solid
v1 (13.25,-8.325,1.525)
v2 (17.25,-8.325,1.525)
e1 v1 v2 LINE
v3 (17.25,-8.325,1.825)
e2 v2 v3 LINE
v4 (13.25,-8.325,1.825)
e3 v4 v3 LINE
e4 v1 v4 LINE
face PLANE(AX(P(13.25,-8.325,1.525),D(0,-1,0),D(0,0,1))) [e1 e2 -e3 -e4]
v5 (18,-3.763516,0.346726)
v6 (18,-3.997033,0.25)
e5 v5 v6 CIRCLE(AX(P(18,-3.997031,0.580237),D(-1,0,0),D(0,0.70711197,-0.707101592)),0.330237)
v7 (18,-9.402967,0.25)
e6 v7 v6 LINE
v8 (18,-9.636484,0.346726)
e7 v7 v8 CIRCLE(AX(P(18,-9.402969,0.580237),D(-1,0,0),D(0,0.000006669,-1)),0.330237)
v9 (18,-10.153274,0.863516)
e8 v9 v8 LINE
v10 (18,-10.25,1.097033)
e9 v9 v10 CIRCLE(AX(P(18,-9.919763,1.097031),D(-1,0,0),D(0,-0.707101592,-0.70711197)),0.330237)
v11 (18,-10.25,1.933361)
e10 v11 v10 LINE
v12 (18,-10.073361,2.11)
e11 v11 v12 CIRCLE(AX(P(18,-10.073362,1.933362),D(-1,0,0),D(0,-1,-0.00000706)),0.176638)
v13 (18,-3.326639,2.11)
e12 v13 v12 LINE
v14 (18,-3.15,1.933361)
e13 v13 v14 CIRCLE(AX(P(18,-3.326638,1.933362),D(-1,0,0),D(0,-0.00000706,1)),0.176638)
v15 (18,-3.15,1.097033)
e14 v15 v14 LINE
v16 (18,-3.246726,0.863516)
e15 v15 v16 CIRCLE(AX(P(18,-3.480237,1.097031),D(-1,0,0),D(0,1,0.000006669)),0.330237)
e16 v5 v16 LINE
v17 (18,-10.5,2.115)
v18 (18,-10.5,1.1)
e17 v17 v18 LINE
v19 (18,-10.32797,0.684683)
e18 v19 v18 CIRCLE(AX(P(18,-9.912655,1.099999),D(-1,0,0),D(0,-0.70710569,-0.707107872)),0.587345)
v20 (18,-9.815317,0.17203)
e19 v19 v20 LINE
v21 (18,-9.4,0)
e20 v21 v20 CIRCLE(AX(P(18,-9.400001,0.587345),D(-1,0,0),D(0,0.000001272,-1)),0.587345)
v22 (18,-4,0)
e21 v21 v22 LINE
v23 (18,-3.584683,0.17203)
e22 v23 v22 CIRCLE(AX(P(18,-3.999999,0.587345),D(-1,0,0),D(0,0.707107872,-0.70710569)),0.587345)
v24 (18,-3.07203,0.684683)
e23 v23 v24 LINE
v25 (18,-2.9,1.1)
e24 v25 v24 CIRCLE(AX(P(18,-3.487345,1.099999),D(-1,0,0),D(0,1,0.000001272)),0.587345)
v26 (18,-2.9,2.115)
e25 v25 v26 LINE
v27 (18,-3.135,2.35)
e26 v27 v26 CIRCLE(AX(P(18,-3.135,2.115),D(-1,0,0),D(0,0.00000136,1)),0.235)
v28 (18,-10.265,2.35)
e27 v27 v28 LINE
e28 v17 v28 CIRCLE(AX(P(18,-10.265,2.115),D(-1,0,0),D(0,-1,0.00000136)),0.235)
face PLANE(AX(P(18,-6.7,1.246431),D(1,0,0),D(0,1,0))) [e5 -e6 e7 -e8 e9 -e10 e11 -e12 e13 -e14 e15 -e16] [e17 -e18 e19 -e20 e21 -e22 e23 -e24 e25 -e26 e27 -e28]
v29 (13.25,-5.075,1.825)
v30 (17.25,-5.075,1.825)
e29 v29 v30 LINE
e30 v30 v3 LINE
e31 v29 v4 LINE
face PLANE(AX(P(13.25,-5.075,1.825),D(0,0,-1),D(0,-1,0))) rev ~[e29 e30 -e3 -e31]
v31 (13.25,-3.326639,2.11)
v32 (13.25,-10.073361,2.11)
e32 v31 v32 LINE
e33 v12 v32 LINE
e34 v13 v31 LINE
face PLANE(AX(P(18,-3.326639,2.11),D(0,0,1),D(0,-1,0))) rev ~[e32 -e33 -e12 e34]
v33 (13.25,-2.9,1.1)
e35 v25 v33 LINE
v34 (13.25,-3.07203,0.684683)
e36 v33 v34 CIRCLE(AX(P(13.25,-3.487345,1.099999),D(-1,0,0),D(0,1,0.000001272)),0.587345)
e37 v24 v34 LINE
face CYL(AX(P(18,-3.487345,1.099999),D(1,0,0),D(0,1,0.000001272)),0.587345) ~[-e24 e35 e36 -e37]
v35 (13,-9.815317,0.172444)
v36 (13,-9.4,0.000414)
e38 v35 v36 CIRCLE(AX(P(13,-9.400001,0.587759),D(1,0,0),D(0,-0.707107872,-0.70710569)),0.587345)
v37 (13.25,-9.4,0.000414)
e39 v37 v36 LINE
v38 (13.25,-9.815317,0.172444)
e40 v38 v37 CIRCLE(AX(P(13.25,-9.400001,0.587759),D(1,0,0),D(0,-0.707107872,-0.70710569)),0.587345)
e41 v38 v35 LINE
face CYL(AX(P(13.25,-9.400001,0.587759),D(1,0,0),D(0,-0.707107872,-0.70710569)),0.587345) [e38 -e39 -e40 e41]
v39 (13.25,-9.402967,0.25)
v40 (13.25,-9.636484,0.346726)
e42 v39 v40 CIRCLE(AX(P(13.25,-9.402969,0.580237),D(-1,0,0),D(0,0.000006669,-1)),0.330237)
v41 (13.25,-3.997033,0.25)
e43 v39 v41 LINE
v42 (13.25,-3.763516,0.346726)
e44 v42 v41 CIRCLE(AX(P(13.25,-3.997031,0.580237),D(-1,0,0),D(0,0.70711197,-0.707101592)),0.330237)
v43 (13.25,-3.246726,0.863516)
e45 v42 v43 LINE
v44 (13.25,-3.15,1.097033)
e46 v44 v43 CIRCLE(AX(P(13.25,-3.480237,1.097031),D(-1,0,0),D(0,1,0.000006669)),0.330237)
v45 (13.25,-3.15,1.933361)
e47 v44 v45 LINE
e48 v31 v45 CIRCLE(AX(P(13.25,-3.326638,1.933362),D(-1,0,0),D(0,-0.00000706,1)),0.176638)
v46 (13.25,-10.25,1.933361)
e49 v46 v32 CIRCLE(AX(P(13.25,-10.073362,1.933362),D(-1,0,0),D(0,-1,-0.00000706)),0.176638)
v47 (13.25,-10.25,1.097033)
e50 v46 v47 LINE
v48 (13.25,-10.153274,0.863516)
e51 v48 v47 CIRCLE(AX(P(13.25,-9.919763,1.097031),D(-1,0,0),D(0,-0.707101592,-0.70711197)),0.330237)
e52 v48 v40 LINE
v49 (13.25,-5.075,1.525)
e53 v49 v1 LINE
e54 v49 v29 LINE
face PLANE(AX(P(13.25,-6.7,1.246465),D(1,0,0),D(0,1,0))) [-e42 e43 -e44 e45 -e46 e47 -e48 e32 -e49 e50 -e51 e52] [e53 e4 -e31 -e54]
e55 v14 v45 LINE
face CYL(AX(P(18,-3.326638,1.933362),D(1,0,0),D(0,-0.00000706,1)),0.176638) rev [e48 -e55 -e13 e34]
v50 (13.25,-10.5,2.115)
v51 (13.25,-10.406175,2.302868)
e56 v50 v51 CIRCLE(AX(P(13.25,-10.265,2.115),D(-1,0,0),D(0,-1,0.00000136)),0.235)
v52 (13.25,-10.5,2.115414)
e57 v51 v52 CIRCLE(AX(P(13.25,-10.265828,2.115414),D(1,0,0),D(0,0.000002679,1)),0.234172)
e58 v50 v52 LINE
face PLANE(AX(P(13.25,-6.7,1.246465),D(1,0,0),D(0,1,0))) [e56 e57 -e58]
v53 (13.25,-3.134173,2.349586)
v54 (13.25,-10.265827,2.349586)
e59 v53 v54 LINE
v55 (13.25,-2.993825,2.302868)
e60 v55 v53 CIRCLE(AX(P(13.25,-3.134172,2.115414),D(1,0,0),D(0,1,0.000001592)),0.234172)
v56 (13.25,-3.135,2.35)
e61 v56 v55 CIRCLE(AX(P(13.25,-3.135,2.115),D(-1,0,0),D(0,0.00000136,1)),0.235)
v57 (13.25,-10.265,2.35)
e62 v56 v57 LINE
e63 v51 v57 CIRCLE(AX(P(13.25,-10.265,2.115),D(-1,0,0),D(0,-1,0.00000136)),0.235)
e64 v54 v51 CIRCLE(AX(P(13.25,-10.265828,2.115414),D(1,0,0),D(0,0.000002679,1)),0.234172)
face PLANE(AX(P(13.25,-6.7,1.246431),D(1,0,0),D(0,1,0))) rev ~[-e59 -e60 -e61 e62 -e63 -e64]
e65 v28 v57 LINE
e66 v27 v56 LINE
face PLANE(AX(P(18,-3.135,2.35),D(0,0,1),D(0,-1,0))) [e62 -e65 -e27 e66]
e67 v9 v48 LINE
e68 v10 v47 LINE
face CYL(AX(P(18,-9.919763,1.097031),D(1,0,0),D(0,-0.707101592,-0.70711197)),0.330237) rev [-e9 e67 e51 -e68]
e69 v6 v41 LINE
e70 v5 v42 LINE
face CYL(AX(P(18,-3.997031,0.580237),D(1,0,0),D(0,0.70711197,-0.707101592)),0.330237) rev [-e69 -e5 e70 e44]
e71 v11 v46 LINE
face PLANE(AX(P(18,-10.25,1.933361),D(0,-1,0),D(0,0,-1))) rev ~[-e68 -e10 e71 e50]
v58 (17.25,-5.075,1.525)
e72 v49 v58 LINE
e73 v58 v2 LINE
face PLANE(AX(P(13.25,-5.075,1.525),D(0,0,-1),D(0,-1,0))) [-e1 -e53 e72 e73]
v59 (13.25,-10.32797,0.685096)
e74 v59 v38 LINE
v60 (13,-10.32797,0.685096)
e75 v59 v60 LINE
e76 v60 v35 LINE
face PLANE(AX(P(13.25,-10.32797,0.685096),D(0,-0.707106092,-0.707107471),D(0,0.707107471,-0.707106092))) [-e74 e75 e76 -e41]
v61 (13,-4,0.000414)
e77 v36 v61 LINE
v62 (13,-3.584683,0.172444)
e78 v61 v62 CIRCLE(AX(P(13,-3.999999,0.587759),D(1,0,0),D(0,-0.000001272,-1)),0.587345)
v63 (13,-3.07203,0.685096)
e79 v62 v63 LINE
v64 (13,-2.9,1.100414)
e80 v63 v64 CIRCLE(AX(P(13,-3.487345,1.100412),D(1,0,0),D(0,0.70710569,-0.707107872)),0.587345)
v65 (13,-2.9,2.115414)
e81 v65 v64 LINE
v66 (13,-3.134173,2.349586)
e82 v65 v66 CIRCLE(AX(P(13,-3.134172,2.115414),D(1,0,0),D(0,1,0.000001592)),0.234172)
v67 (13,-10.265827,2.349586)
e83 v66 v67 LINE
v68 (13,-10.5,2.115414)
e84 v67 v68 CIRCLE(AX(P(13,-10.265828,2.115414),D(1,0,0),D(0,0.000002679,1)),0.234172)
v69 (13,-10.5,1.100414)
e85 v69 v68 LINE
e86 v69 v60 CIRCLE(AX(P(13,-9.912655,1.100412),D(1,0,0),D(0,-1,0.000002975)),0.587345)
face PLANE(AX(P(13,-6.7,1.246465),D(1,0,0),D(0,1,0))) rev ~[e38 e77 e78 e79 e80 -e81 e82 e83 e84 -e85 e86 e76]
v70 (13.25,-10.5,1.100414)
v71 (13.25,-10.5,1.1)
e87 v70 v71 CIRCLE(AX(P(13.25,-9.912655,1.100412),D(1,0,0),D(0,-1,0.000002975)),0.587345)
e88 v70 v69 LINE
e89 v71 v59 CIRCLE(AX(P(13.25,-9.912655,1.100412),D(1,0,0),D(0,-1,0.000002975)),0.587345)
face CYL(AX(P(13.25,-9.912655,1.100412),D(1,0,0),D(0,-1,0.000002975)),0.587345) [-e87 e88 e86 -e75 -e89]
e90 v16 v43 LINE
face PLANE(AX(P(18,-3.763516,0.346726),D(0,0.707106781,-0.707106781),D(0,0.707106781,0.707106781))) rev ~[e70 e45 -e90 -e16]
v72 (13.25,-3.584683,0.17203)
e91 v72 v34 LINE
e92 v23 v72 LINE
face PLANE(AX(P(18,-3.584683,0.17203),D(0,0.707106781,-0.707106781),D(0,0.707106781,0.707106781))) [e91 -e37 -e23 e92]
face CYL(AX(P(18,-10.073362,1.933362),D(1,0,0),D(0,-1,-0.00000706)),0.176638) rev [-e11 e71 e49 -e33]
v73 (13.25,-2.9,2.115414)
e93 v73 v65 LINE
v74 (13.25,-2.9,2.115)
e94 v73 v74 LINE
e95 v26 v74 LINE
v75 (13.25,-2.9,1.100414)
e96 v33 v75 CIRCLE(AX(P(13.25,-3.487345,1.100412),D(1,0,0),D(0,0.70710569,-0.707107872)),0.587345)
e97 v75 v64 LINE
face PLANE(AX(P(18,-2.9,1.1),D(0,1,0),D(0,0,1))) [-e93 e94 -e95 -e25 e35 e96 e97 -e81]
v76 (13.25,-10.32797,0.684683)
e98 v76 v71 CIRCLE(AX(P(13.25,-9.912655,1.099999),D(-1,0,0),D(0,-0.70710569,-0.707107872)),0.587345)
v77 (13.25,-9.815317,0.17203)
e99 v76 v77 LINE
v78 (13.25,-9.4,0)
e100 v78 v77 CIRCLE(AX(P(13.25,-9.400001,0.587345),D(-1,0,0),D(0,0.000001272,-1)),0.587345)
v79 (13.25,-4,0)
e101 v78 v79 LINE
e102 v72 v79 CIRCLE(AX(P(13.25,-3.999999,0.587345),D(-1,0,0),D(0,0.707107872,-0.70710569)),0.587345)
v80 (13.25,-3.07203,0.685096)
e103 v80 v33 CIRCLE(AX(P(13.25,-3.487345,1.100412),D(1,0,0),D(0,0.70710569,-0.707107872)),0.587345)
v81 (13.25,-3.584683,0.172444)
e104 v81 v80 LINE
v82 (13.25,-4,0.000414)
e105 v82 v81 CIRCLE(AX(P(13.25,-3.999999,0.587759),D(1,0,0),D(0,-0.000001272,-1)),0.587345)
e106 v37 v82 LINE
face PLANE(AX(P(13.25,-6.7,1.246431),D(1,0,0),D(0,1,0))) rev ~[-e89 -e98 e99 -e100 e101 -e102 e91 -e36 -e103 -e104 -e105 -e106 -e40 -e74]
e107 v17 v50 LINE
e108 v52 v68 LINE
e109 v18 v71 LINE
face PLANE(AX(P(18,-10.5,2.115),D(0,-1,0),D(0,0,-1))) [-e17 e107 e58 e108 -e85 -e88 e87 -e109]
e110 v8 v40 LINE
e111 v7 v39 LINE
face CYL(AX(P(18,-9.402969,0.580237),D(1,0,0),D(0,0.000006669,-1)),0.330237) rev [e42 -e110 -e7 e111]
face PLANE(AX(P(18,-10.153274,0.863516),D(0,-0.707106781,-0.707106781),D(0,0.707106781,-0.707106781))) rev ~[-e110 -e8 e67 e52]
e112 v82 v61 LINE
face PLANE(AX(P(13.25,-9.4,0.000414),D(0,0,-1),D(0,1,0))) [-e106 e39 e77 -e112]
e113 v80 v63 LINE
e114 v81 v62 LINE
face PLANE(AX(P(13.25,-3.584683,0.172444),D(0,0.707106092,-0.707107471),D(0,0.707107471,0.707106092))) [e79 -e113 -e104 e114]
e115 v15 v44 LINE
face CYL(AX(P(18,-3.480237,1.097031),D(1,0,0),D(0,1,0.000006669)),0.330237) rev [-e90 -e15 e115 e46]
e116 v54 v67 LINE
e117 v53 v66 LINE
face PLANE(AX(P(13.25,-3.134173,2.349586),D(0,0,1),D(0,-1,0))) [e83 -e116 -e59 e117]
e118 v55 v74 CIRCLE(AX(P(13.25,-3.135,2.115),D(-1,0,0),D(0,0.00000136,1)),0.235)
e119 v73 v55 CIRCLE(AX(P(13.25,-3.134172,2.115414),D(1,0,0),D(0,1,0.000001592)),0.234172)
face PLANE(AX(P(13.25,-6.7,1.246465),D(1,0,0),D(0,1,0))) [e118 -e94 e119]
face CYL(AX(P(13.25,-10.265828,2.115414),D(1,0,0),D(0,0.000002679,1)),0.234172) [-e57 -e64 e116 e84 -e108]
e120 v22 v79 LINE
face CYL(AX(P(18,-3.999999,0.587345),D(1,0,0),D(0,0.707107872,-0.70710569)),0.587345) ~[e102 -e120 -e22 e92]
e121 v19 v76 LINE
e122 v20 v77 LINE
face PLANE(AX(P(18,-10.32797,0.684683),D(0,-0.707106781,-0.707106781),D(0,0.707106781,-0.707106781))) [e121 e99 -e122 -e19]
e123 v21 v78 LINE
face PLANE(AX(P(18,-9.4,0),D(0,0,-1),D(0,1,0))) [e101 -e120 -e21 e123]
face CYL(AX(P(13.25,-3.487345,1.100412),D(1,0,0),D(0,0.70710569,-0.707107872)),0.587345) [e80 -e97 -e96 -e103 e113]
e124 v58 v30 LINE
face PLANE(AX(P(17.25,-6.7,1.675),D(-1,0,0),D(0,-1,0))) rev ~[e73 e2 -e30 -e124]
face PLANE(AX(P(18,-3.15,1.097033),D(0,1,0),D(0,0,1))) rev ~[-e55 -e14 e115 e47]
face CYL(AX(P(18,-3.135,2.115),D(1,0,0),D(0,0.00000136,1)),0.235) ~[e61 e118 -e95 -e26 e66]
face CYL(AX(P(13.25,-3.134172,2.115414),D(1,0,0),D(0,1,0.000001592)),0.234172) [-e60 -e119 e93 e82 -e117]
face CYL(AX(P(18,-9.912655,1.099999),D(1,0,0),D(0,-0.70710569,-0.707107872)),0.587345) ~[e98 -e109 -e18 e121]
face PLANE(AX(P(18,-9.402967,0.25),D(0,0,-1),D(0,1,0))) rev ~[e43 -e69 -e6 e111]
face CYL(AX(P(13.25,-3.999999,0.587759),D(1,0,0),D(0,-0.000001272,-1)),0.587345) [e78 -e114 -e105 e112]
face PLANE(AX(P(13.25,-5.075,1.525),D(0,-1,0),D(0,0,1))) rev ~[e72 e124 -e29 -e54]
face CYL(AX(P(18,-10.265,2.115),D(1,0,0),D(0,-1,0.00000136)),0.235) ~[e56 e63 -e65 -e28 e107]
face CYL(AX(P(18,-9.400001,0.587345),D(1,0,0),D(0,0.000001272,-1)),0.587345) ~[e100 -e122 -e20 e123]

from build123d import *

# Parameters (mm, degrees)
SKETCH077_W                   = 3.25
SKETCH077_H                   = 0.3
PAD102_DEPTH                  = 4
PAD101_DEPTH                  = 0.25
PAD100_DEPTH                  = 4.75
PAD023BODY001_PLACEMENT_ANGLE = 90


with BuildPart() as part:
    # Sketch077 → Pad102 (new body)
    with BuildSketch(Plane(origin=(0, 1.75, 0), x_dir=(-1, 0, 0), z_dir=(0, 1, 0))):
        with Locations((0, 0.5)):
            Rectangle(SKETCH077_W, SKETCH077_H)
    extrude(amount=-PAD102_DEPTH)

    # Sketch076 → Pad101 (join)
    with BuildSketch(Plane.XZ.offset(-1.75)):
        with BuildLine():
            Line((3.565827, 1.174586), (-3.565827, 1.174586))
            ThreePointArc((-3.565827, 1.174586), (-3.731412, 1.105999), (-3.8, 0.940414))
            Line((-3.8, -0.074586), (-3.8, 0.940414))
            ThreePointArc((-3.8, -0.074586), (-3.755291, -0.299355), (-3.62797, -0.489904))
            Line((-3.62797, -0.489904), (-3.115317, -1.002556))
            ThreePointArc((-3.115317, -1.002556), (-2.924768, -1.129877), (-2.7, -1.174586))
            Line((-2.7, -1.174586), (2.7, -1.174586))
            ThreePointArc((2.7, -1.174586), (2.924768, -1.129877), (3.115317, -1.002556))
            Line((3.115317, -1.002556), (3.62797, -0.489904))
            ThreePointArc((3.62797, -0.489904), (3.755291, -0.299355), (3.8, -0.074586))
            Line((3.8, 0.940414), (3.8, -0.074586))
            ThreePointArc((3.8, 0.940414), (3.731412, 1.105999), (3.565827, 1.174586))
        make_face()
    extrude(amount=-PAD101_DEPTH)

    # Sketch078 → Pad100 (join)
    with BuildSketch(Plane(origin=(0, -3, 0), x_dir=(-1, 0, 0), z_dir=(0, 1, 0))):
        with BuildLine():
            Line((-3.565, 1.175), (3.565, 1.175))
            ThreePointArc((3.8, 0.94), (3.73117, 1.10617), (3.565, 1.175))
            Line((3.8, 0.94), (3.8, -0.075))
            ThreePointArc((3.62797, -0.490317), (3.755291, -0.299768), (3.8, -0.075))
            Line((3.62797, -0.490317), (3.115317, -1.00297))
            ThreePointArc((2.7, -1.175), (2.924768, -1.130291), (3.115317, -1.00297))
            Line((2.7, -1.175), (-2.7, -1.175))
            ThreePointArc((-3.115317, -1.00297), (-2.924768, -1.130291), (-2.7, -1.175))
            Line((-3.115317, -1.00297), (-3.62797, -0.490317))
            ThreePointArc((-3.8, -0.075), (-3.755291, -0.299768), (-3.62797, -0.490317))
            Line((-3.8, -0.075), (-3.8, 0.94))
            ThreePointArc((-3.565, 1.175), (-3.73117, 1.10617), (-3.8, 0.94))
        make_face()
        with BuildLine():
            Line((-3.373361, 0.935), (3.373361, 0.935))
            ThreePointArc((3.55, 0.758361), (3.498264, 0.883264), (3.373361, 0.935))
            Line((3.55, 0.758361), (3.55, -0.077967))
            ThreePointArc((3.453274, -0.311484), (3.524862, -0.204346), (3.55, -0.077967))
            Line((3.453274, -0.311484), (2.936484, -0.828274))
            ThreePointArc((2.702967, -0.925), (2.829346, -0.899862), (2.936484, -0.828274))
            Line((2.702967, -0.925), (-2.702967, -0.925))
            ThreePointArc((-2.936484, -0.828274), (-2.829346, -0.899862), (-2.702967, -0.925))
            Line((-2.936484, -0.828274), (-3.453274, -0.311484))
            ThreePointArc((-3.55, -0.077967), (-3.524862, -0.204346), (-3.453274, -0.311484))
            Line((-3.55, -0.077967), (-3.55, 0.758361))
            ThreePointArc((-3.373361, 0.935), (-3.498264, 0.883264), (-3.55, 0.758361))
        make_face(mode=Mode.SUBTRACT)
    extrude(amount=PAD100_DEPTH)


with BuildPart() as part_1:
    # Pad023Body001 placement: moved
    add(part.part.moved(Location((15, -6.7, 1.175))).rotate(Axis((15, -6.7, 1.175), (0, 0, 1)), PAD023BODY001_PLACEMENT_ANGLE))


solid = part_1.part
